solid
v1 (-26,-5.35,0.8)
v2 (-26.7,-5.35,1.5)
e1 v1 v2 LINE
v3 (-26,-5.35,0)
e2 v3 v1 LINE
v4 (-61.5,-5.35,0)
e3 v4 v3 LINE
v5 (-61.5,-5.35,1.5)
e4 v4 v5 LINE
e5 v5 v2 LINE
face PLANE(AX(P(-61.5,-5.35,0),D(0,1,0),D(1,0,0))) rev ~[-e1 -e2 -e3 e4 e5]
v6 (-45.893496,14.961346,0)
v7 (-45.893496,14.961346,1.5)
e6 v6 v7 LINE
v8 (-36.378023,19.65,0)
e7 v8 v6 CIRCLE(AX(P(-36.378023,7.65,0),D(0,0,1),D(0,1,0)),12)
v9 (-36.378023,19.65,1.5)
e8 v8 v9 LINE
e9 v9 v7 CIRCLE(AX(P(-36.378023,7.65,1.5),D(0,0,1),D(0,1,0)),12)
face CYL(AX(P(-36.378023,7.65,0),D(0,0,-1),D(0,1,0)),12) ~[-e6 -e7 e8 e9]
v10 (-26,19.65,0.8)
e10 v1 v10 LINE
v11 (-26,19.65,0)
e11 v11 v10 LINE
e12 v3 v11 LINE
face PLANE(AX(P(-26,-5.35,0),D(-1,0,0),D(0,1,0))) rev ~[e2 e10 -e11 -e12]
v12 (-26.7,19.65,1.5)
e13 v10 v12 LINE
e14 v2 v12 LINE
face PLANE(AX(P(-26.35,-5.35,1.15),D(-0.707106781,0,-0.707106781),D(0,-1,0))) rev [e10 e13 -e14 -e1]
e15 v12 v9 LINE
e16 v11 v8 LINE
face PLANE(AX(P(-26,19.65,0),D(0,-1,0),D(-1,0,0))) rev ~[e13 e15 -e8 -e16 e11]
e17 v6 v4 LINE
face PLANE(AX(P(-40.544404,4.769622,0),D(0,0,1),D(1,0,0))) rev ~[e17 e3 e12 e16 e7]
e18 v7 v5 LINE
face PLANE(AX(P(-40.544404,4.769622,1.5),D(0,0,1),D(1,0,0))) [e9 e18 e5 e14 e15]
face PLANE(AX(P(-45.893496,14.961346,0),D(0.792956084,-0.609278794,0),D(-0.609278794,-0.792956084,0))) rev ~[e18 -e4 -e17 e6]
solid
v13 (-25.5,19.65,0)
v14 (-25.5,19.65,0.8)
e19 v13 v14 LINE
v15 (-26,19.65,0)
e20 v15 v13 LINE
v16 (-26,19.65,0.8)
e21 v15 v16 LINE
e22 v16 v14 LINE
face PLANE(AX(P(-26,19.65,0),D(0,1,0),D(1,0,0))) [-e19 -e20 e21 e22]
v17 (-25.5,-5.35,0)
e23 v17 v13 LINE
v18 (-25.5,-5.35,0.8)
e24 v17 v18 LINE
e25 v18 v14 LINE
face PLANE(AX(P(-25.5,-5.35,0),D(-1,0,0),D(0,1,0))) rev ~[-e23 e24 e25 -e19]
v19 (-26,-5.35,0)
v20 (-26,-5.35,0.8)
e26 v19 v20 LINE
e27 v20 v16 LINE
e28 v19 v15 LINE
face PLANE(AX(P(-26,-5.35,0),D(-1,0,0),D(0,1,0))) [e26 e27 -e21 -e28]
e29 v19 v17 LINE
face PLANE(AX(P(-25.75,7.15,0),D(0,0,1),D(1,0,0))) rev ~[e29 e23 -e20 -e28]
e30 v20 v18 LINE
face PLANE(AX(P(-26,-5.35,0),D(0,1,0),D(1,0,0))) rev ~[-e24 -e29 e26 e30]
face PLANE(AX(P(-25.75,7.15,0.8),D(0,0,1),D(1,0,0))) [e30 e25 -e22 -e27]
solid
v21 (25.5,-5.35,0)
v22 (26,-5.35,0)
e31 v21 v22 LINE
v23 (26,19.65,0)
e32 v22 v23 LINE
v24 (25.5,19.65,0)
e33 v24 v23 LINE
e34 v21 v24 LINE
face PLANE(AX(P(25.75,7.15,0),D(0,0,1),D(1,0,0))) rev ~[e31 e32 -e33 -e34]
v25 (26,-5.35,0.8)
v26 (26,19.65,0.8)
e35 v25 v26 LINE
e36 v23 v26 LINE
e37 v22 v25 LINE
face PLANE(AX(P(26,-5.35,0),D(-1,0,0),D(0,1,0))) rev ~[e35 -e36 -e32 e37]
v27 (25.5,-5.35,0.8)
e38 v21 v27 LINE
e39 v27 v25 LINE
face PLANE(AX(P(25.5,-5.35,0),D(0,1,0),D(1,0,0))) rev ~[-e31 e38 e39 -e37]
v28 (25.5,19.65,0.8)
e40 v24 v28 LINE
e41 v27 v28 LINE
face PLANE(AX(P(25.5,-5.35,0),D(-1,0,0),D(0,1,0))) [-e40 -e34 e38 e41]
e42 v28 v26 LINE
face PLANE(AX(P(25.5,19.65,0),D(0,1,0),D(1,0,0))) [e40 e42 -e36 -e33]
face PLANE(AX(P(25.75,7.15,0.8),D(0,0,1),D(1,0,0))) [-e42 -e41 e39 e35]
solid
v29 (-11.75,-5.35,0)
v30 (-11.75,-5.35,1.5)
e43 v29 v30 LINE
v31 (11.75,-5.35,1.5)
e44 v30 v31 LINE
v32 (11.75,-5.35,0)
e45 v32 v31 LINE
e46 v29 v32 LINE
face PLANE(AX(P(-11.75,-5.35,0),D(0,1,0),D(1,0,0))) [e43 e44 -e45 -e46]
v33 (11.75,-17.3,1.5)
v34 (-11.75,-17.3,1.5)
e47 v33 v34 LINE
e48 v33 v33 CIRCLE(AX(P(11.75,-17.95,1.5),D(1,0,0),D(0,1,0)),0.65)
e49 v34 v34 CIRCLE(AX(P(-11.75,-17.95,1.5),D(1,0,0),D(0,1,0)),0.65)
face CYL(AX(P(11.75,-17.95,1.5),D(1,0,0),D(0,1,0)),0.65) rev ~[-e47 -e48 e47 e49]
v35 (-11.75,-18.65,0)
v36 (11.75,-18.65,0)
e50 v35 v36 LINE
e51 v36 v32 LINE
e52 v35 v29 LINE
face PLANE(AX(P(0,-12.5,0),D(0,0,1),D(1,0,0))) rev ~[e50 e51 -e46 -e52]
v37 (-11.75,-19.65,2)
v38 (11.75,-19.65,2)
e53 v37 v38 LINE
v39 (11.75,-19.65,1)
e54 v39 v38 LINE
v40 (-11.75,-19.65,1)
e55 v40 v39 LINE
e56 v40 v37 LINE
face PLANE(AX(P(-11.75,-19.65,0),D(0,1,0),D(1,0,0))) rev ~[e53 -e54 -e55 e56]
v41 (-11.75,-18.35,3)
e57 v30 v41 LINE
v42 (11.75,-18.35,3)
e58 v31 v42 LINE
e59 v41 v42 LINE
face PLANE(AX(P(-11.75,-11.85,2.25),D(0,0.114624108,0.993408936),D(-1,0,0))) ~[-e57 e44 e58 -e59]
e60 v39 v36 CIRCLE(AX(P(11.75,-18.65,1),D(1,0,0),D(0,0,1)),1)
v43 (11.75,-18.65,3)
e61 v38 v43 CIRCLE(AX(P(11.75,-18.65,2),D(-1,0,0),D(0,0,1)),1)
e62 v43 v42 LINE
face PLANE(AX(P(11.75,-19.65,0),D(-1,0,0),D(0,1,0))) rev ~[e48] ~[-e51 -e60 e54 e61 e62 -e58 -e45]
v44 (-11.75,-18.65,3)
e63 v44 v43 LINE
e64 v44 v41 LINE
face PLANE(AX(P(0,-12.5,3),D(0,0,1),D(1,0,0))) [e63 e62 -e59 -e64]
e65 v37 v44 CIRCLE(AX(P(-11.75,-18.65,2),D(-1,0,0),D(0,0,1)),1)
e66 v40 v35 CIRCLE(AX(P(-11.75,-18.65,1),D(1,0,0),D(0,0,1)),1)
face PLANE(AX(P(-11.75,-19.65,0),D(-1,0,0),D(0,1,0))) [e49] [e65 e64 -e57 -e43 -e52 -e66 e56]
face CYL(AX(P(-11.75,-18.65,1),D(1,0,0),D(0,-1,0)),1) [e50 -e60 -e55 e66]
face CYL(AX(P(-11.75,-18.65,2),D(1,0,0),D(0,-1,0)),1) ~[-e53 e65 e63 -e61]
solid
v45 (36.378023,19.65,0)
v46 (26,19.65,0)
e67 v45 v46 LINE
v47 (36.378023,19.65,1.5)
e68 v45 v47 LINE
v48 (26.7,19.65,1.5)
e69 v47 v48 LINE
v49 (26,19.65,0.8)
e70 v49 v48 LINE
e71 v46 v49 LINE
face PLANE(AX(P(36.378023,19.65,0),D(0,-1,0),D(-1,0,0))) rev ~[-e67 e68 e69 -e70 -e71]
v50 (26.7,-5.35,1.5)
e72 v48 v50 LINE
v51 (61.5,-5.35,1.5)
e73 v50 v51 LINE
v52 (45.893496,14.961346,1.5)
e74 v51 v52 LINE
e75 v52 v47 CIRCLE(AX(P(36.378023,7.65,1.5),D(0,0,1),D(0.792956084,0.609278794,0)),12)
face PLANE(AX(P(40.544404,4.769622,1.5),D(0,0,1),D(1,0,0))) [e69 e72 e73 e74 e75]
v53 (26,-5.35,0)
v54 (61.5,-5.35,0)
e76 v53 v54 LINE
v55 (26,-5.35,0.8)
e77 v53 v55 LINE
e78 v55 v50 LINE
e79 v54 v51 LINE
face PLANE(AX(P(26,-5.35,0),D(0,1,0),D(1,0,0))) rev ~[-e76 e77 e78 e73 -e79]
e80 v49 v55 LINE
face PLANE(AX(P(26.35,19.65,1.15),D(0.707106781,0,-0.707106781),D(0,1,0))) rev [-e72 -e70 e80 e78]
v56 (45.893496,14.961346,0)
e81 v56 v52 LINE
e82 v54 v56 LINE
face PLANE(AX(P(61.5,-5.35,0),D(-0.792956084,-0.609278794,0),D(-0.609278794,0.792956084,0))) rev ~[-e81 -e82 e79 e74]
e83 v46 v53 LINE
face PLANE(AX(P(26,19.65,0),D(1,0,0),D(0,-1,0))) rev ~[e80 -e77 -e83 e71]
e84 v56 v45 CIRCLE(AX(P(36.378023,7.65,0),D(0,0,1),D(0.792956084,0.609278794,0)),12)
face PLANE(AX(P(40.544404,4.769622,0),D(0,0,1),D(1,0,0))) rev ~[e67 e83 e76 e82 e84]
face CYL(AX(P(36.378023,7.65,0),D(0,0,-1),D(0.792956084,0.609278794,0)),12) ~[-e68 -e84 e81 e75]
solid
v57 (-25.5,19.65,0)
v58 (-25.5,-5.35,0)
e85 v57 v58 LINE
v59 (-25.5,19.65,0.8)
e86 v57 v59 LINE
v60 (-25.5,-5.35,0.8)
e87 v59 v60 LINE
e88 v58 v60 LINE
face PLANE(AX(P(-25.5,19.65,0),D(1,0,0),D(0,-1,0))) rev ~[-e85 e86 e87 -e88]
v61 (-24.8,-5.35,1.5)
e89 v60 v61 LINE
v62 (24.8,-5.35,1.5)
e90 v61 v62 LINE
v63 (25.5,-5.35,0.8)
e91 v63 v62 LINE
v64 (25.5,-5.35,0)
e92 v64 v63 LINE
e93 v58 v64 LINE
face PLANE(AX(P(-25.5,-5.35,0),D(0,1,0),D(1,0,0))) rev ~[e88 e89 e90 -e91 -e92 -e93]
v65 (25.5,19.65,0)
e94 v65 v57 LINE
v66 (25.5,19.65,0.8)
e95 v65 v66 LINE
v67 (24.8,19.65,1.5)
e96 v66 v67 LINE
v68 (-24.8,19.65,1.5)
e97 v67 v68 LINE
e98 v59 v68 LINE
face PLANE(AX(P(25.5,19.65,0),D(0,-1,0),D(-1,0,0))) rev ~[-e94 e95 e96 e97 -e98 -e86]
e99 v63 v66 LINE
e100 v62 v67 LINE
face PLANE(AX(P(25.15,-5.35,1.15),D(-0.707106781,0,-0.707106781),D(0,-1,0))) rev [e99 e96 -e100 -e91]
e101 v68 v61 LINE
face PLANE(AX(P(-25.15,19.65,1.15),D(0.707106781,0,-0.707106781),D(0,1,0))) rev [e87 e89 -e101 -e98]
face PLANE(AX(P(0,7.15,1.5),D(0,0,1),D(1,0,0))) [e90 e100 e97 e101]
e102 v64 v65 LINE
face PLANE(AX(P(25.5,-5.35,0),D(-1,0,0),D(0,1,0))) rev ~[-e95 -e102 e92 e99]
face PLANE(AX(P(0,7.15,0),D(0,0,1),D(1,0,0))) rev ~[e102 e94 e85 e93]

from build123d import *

# Parameters (mm, degrees)
F0_W      = 23.5
F0_H      = 14.3
F1_DEPTH  = 3
F2_R      = 0.65
F3_DEPTH  = 25
F4_R      = 1
F5_DEPTH  = 1.5
F0_W_2    = 0.5
F0_H_2    = 25
F6_DEPTH  = 0.8
F7_DEPTH  = 1.5
F8_SIZE   = 0.7
F8_2_SIZE = 0.7
F8_3_SIZE = 0.7
F9_SIZE2  = 13
F9_SIZE   = 1.5


with BuildPart() as f1:
    # F0 (on Top) → F1 (new body)
    with BuildSketch(Plane.XY):
        with Locations((0, -12.5)):
            Rectangle(F0_W, F0_H)
    extrude(amount=F1_DEPTH)

    # F2 (on face) → F3 (cut)
    with BuildSketch(Plane.YZ.offset(11.75)):
        with Locations((-17.95, 1.5)):
            Circle(F2_R)
    extrude(amount=-F3_DEPTH, mode=Mode.SUBTRACT)

    # F4
    f4_edges = [f1.edges().sort_by_distance(p)[0] for p in [
        (0, -19.65, 3),
        (0, -19.65, 0),
    ]]
    fillet(f4_edges, radius=F4_R)

    # F9
    f9_edges = [f1.edges().sort_by_distance(p)[0] for p in [
        (0, -5.35, 3),
    ]]
    f9_side = f1.faces().sort_by_distance((0, -5.35, 1.5))[0]
    chamfer(f9_edges, length=F9_SIZE, length2=F9_SIZE2, reference=f9_side)


with BuildPart() as f5:
    # F0 (on Top) → F5 (new body)
    with BuildSketch(Plane.XY):
        with BuildLine():
            Line((-61.5, -5.35), (-26, -5.35))
            Line((-26, -5.35), (-26, 19.65))
            Line((-26, 19.65), (-36.378023244, 19.65))
            ThreePointArc((-36.378023244, 19.65), (-41.6819771329, 18.4142033214), (-45.8934962553, 14.961345524))
            Line((-45.8934962553, 14.961345524), (-61.5, -5.35))
        make_face()
    extrude(amount=F5_DEPTH)

    # F8#2
    f8_2_edges = [f5.edges().sort_by_distance(p)[0] for p in [
        (-26, 7.15, 1.5),
    ]]
    chamfer(f8_2_edges, length=F8_2_SIZE)


with BuildPart() as f5b:
    # F0 (on Top) → F5, piece 2 (new body)
    with BuildSketch(Plane.XY):
        with BuildLine():
            Line((26, 19.65), (26, -5.35))
            Line((26, -5.35), (61.5, -5.35))
            Line((61.5, -5.35), (45.8934962553, 14.961345524))
            ThreePointArc((45.8934962553, 14.961345524), (41.6819771329, 18.4142033214), (36.378023244, 19.65))
            Line((36.378023244, 19.65), (26, 19.65))
        make_face()
    extrude(amount=F5_DEPTH)

    # F8#3
    f8_3_edges = [f5b.edges().sort_by_distance(p)[0] for p in [
        (26, 7.15, 1.5),
    ]]
    chamfer(f8_3_edges, length=F8_3_SIZE)


with BuildPart() as f6:
    # F0 (on Top) → F6 (new body)
    with BuildSketch(Plane.XY):
        with Locations((-25.75, 7.15)):
            Rectangle(F0_W_2, F0_H_2)
    extrude(amount=F6_DEPTH)


with BuildPart() as f6b:
    # F0 (on Top) → F6, piece 2 (new body)
    with BuildSketch(Plane.XY):
        with Locations((25.75, 7.15)):
            Rectangle(F0_W_2, F0_H_2)
    extrude(amount=F6_DEPTH)


with BuildPart() as f7:
    # F0 (on Top) → F7 (new body)
    with BuildSketch(Plane.XY):
        Polygon((-25.5, -5.35), (-11.75, -5.35), (11.75, -5.35), (25.5, -5.35), (25.5, 19.65), (11.75, 19.65), (-11.75, 19.65), (-25.5, 19.65), align=None)
    extrude(amount=F7_DEPTH)

    # F8
    f8_edges = [f7.edges().sort_by_distance(p)[0] for p in [
        (-25.5, 7.15, 1.5),
        (25.5, 7.15, 1.5),
    ]]
    chamfer(f8_edges, length=F8_SIZE)


solid = Compound([f1.part, f5.part, f5b.part, f6.part, f6b.part, f7.part])
